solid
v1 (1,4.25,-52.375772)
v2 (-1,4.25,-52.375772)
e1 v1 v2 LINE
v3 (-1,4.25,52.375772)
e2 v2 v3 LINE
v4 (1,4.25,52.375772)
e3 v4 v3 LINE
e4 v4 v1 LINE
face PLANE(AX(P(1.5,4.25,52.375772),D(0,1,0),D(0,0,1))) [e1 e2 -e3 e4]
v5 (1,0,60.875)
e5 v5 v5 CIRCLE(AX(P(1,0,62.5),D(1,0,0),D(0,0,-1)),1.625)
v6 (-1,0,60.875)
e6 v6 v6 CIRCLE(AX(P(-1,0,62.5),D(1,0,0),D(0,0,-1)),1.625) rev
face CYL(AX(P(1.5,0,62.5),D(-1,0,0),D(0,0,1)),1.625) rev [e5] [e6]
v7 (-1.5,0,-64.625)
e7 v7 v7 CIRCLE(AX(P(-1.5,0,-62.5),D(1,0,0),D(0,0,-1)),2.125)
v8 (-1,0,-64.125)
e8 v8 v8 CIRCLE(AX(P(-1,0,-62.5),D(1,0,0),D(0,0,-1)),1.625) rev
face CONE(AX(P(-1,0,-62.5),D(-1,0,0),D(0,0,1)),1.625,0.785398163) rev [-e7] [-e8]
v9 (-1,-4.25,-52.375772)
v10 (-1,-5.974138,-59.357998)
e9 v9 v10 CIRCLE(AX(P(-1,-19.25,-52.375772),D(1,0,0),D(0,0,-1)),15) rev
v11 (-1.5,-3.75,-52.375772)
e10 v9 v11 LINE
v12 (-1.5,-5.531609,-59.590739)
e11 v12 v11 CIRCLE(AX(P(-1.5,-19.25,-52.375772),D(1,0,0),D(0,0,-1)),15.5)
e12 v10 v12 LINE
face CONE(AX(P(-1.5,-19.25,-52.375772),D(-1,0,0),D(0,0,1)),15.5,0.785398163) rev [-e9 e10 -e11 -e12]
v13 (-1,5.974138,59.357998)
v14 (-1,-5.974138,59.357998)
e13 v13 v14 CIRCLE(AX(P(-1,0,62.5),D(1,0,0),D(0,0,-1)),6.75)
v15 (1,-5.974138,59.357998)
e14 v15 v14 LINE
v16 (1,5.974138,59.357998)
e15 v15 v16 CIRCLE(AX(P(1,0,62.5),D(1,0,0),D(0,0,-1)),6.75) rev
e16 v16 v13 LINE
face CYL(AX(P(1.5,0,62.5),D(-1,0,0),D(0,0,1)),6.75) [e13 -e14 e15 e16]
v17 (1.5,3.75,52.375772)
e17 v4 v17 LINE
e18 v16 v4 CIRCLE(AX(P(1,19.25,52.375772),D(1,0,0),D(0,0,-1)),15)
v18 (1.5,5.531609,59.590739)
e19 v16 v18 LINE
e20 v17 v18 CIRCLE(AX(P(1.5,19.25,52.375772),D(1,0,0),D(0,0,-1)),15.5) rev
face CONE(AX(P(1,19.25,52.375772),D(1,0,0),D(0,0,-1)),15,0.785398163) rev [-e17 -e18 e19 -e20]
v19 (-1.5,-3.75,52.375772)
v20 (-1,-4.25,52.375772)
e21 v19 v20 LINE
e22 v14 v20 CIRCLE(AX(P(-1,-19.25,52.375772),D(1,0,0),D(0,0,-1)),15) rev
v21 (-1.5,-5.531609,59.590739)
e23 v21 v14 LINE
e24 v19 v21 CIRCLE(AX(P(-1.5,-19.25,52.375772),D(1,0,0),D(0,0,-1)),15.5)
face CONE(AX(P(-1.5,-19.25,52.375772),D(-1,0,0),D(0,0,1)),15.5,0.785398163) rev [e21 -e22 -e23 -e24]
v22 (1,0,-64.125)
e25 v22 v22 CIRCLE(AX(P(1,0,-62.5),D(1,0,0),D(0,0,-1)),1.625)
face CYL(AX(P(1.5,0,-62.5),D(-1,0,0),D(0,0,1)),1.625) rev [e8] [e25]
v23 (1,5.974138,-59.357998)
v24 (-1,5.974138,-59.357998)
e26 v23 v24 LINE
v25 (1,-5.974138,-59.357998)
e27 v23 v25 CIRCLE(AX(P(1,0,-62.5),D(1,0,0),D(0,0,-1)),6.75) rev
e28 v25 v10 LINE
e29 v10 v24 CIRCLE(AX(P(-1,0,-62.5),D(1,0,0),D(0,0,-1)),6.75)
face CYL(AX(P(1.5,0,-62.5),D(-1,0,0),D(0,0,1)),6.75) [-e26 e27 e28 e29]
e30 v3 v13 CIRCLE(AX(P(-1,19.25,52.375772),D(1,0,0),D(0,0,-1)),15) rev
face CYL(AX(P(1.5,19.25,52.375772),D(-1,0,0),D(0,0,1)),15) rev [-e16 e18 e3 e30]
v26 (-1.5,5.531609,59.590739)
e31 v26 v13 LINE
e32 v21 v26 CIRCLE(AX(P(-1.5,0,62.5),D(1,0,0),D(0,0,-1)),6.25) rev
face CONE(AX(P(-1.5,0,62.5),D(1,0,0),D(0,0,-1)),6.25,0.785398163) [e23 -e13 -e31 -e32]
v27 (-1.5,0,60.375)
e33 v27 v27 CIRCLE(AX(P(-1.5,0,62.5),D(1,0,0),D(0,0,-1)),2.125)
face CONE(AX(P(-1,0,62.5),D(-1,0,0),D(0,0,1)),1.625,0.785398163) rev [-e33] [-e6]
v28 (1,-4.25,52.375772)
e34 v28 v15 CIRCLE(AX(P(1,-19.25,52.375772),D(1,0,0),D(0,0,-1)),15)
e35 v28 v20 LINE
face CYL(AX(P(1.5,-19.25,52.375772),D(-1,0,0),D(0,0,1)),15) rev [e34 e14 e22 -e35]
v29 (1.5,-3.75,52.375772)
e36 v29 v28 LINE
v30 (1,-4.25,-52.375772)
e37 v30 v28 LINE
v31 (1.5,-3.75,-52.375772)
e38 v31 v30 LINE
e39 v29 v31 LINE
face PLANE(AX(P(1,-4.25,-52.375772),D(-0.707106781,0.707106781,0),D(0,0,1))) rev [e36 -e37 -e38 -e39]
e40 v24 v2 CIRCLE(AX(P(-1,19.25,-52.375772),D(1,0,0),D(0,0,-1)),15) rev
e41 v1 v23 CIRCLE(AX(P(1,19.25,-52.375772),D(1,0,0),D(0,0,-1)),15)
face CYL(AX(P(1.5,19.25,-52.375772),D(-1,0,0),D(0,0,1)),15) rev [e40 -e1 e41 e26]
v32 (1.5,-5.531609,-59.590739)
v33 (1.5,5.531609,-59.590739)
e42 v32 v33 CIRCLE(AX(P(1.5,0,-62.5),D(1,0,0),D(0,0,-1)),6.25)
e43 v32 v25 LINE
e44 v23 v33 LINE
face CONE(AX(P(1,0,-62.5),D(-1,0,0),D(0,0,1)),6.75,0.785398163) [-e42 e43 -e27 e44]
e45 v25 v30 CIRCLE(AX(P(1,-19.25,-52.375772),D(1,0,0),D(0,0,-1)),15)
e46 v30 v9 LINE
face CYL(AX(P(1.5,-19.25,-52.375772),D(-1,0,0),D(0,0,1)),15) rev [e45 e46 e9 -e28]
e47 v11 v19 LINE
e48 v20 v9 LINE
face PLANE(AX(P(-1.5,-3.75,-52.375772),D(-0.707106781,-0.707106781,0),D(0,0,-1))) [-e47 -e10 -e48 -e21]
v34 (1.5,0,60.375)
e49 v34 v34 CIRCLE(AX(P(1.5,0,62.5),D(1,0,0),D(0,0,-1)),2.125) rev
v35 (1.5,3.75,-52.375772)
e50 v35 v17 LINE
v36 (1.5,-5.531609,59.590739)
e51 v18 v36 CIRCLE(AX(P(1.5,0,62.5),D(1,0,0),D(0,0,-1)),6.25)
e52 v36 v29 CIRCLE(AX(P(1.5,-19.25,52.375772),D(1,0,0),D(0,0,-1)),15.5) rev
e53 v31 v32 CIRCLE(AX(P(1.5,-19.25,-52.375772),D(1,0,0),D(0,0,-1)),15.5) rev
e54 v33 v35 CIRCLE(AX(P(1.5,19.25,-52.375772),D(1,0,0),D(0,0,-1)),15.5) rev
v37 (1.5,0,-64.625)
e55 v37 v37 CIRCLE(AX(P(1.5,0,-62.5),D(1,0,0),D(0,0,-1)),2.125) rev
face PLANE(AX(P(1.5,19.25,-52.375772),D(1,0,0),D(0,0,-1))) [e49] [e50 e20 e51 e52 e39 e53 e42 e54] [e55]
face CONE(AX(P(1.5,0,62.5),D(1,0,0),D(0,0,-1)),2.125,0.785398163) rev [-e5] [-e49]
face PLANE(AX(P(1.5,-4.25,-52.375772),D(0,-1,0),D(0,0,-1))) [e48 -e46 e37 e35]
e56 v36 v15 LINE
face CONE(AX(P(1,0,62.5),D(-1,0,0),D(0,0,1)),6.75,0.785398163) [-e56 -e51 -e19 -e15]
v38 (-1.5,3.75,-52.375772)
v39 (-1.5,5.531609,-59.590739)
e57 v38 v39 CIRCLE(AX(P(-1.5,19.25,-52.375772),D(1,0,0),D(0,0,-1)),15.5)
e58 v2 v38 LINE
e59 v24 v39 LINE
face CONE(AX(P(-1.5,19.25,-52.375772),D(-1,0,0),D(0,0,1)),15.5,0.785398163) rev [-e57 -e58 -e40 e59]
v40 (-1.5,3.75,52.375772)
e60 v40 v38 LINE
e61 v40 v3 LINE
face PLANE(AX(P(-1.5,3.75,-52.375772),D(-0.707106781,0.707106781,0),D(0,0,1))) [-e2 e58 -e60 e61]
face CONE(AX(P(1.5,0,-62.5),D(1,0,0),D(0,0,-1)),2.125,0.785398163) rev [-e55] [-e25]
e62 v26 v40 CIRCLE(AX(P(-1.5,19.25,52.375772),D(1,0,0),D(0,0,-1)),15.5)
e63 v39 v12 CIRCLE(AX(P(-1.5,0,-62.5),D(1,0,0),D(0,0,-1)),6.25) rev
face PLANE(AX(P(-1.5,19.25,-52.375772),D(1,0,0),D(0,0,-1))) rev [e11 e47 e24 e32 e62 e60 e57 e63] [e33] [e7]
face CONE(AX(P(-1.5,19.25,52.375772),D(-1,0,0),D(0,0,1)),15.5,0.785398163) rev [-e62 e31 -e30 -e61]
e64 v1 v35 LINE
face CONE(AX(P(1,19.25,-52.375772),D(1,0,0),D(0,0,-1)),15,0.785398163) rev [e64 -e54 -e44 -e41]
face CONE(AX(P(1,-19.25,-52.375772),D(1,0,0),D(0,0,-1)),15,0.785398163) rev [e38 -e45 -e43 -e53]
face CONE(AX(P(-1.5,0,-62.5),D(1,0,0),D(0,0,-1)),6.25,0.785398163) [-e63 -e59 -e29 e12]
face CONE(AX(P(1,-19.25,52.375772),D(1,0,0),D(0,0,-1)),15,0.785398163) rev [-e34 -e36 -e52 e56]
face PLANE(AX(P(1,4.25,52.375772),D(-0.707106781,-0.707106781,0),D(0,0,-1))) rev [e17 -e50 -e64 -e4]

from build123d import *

# Parameters (mm, degrees)
SKETCH_1_R      = 1.625
EXTRUDE_1_DEPTH = 3
CHAMFER_1_SIZE  = 0.5
EXTRUDE_2_DEPTH = 3


with BuildPart() as part:
    # 草图1 → 凸台-拉伸1 (new body)
    with BuildSketch(Plane(origin=(-1.5, 0, 0), x_dir=(0, -1, 0), z_dir=(-1, 0, 0))):
        with BuildLine():
            Line((4.25, -52.375771634), (4.25, 52.375771634))
            ThreePointArc((4.25, 52.375771634), (4.687412128, 55.971746395), (5.974137931, 59.357998093))
            ThreePointArc((5.974137931, 59.357998093), (0, 69.25), (-5.974137931, 59.357998093))
            ThreePointArc((-5.974137931, 59.357998093), (-4.687412128, 55.971746395), (-4.25, 52.375771634))
            Line((-4.25, 52.375771634), (-4.25, -52.375771634))
            ThreePointArc((-4.25, -52.375771634), (-4.687412128, -55.971746395), (-5.974137931, -59.357998093))
            ThreePointArc((-5.974137931, -59.357998093), (0, -69.25), (5.974137931, -59.357998093))
            ThreePointArc((5.974137931, -59.357998093), (4.687412128, -55.971746395), (4.25, -52.375771634))
        make_face()
        with Locations(Location((0, -62.5, 0), (0, 0, 270))):
            Circle(SKETCH_1_R, mode=Mode.SUBTRACT)
        with Locations(Location((0, 62.5, 0), (0, 0, 270))):
            Circle(SKETCH_1_R, mode=Mode.SUBTRACT)
    extrude(amount=-EXTRUDE_1_DEPTH)

    # 倒角1
    chamfer_1_edges = [part.edges().sort_by_distance(p)[0] for p in [
        (-1.5, -4.25, 0),
        (-1.5, -4.687412128, -55.971746395),
        (-1.5, 0, -69.25),
        (-1.5, 4.687412128, -55.971746395),
        (1.5, -4.687412128, -55.971746395),
        (1.5, -4.25, 0),
        (1.5, -4.687412128, 55.971746395),
        (1.5, 0, -60.875),
        (-1.5, 0, -60.875),
        (1.5, 0, 69.25),
        (1.5, 0, 64.125),
        (-1.5, 0, 64.125),
        (1.5, 4.687412128, 55.971746395),
        (1.5, 4.25, 0),
        (1.5, 4.687412128, -55.971746395),
        (-1.5, 4.25, 0),
        (1.5, 0, -69.25),
        (-1.5, 4.687412128, 55.971746395),
        (-1.5, 0, 69.25),
        (-1.5, -4.687412128, 55.971746395),
    ]]
    chamfer(chamfer_1_edges, length=CHAMFER_1_SIZE)

    # Sketch 3D_1 → 凸台-拉伸2 (add)
    with BuildSketch(Plane(origin=(-1.5, 1.411337563, 55.448843226), x_dir=(0, -0.022148278790467303, -0.9997546967864767), z_dir=(1, 0, 0))):
        Polygon((0, 0), (110.093393882, 2.43897747), (110.147426289, 0), (0.054032407, -2.43897747), align=None)
    extrude(amount=EXTRUDE_2_DEPTH)


solid = part.part
